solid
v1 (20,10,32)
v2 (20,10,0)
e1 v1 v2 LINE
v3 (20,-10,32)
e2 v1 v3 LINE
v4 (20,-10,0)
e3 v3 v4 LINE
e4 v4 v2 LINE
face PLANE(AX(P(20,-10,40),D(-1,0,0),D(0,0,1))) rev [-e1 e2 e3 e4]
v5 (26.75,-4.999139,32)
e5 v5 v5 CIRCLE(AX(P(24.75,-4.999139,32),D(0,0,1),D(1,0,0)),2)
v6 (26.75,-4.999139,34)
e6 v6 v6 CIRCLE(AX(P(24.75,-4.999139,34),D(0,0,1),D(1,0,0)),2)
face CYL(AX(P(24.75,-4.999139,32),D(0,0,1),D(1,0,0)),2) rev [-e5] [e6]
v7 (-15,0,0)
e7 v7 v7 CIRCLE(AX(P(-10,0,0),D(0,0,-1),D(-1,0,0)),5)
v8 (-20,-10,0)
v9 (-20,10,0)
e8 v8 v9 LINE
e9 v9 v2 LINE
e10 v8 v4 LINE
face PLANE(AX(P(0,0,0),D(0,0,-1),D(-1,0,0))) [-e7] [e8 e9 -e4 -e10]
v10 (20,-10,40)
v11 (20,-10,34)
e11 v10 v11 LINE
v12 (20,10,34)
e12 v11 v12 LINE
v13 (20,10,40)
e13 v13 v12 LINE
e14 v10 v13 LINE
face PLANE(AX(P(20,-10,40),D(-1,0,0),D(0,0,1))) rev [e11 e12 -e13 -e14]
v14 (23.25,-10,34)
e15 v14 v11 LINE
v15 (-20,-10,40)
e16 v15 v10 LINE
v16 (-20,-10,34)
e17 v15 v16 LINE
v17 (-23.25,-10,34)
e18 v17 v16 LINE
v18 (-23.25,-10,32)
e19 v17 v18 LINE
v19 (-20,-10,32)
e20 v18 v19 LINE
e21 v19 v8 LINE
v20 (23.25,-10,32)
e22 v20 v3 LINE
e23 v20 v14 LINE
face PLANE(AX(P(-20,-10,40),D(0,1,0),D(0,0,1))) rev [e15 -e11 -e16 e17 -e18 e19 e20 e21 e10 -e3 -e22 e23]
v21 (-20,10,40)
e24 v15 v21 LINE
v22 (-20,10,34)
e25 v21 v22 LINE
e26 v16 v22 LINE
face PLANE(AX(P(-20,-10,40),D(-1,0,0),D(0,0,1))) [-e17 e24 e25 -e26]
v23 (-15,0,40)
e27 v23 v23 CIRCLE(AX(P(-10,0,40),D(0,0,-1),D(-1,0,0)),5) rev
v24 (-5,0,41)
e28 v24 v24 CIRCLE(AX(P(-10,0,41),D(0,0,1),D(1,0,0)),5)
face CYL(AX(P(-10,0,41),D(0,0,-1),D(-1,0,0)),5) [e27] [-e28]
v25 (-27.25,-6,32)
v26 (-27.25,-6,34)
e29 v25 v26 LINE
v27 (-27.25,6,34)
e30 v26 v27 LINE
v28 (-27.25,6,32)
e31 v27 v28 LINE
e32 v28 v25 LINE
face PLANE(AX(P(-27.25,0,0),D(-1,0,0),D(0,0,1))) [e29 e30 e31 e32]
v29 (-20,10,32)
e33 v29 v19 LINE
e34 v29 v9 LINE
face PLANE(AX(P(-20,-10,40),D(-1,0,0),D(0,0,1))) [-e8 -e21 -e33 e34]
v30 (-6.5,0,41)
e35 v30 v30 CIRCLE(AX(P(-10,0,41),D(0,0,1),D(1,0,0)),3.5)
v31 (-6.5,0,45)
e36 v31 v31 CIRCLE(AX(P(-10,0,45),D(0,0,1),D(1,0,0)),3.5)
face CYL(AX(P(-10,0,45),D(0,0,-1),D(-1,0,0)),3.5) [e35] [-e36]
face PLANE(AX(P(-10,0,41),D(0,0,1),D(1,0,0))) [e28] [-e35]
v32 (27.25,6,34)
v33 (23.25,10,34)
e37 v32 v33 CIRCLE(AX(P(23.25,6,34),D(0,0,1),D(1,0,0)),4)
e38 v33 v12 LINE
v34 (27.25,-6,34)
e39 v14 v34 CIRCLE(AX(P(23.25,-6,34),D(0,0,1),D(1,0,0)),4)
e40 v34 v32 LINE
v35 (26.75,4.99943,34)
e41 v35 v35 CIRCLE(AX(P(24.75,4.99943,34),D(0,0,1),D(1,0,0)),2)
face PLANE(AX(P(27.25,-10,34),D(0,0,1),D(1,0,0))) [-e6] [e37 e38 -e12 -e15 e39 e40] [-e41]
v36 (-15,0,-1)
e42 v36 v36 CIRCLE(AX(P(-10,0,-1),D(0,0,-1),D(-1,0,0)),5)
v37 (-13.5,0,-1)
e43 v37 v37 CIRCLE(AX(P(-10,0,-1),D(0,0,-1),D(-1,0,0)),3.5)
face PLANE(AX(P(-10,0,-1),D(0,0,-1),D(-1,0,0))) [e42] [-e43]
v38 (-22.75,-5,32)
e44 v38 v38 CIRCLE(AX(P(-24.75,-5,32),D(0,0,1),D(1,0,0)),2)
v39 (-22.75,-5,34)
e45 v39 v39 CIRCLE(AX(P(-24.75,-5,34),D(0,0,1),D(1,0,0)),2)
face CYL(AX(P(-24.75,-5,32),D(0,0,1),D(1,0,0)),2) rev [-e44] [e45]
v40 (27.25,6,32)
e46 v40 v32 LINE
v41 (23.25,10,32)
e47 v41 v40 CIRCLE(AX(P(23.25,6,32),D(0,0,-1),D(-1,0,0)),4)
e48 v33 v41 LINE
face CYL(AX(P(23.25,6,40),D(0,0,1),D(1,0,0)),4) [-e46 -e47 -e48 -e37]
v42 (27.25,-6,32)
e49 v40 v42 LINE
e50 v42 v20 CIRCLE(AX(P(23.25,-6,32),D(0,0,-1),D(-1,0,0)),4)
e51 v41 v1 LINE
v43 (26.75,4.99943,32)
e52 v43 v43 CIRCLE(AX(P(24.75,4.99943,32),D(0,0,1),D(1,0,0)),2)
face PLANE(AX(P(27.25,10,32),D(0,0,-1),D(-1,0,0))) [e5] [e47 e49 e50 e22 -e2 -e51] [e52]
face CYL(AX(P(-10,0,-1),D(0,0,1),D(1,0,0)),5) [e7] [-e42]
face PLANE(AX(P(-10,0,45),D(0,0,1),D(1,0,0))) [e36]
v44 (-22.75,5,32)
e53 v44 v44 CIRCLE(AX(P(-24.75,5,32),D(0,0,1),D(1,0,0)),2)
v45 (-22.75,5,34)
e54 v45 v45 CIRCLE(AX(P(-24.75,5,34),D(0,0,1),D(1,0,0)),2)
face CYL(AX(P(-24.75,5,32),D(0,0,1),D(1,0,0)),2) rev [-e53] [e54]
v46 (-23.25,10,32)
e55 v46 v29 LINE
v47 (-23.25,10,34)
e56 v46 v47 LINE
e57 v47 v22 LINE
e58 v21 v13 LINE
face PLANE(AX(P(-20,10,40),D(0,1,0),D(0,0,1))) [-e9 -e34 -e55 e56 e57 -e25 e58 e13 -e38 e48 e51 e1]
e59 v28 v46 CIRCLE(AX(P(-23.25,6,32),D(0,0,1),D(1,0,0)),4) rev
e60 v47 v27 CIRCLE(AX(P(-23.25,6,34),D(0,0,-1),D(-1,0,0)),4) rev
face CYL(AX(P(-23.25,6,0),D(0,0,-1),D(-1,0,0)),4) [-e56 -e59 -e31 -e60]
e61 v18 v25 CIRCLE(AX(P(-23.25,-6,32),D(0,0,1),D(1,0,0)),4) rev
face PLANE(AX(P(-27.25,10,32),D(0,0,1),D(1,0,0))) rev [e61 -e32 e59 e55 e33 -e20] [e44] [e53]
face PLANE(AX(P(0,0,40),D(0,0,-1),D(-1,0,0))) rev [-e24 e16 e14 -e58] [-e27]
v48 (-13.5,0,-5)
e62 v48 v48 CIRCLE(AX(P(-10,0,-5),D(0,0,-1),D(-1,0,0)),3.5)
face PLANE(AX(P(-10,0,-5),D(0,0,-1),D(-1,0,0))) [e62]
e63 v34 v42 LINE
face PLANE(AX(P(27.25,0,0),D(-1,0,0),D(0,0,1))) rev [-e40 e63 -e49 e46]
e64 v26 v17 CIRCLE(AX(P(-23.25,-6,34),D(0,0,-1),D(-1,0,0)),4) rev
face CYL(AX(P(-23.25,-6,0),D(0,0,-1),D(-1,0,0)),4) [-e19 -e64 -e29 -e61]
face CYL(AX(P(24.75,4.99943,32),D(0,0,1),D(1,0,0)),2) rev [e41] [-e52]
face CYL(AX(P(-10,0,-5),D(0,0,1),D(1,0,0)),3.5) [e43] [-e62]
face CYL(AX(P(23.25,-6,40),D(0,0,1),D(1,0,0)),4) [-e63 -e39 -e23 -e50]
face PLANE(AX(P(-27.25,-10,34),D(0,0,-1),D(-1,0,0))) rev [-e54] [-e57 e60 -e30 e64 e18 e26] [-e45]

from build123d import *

# Parameters (mm, degrees)
SKETCH1_W           = 40
SKETCH1_H           = 20
BOSS_EXTRUDE2_DEPTH = 40
SKETCH2_W           = 2
SKETCH2_H           = 20
BOSS_EXTRUDE3_DEPTH = 7.25
SKETCH3_R           = 2
CUT_EXTRUDE1_DEPTH  = 2
FILLET3_R           = 4
SKETCH4_W           = 2
SKETCH4_H           = 20
BOSS_EXTRUDE4_DEPTH = 7.25
SKETCH5_R           = 2
CUT_EXTRUDE2_DEPTH  = 2
FILLET4_R           = 4
SKETCH6_R           = 5
BOSS_EXTRUDE5_DEPTH = 1
SKETCH7_R           = 3.5
BOSS_EXTRUDE7_DEPTH = 4
SKETCH9_R           = 5
BOSS_EXTRUDE8_DEPTH = 1
SKETCH10_R          = 3.5
BOSS_EXTRUDE9_DEPTH = 4


with BuildPart() as part:
    # Sketch1 → Boss-Extrude2 (new body)
    with BuildSketch(Plane.XY):
        Rectangle(SKETCH1_W, SKETCH1_H)
    extrude(amount=BOSS_EXTRUDE2_DEPTH)

    # Sketch2 → Boss-Extrude3 (add)
    with BuildSketch(Plane(origin=(20, 0, 0), x_dir=(0, 0, -1), z_dir=(1, 0, 0))):
        with Locations((-33, 0)):
            Rectangle(SKETCH2_W, SKETCH2_H)
    extrude(amount=BOSS_EXTRUDE3_DEPTH)

    # Sketch3 → Cut-Extrude1 (cut)
    with BuildSketch(Plane.XY.offset(34)):
        with Locations((24.75, -4.99913934)):
            Circle(SKETCH3_R)
        with Locations((24.75, 4.999429987)):
            Circle(SKETCH3_R)
    extrude(amount=-CUT_EXTRUDE1_DEPTH, mode=Mode.SUBTRACT)

    # Fillet3
    fillet3_edges = [part.edges().sort_by_distance(p)[0] for p in [
        (27.25, -10, 33),
        (27.25, 10, 33),
    ]]
    fillet(fillet3_edges, radius=FILLET3_R)

    # Sketch4 → Boss-Extrude4 (add)
    with BuildSketch(Plane.ZY.offset(20)):
        with Locations((33, 0)):
            Rectangle(SKETCH4_W, SKETCH4_H)
    extrude(amount=BOSS_EXTRUDE4_DEPTH)

    # Sketch5 → Cut-Extrude2 (cut)
    with BuildSketch(Plane.XY.offset(34)):
        with Locations((-24.75, 5)):
            Circle(SKETCH5_R)
        with Locations((-24.75, -5)):
            Circle(SKETCH5_R)
    extrude(amount=-CUT_EXTRUDE2_DEPTH, mode=Mode.SUBTRACT)

    # Fillet4
    fillet4_edges = [part.edges().sort_by_distance(p)[0] for p in [
        (-27.25, -10, 33),
        (-27.25, 10, 33),
    ]]
    fillet(fillet4_edges, radius=FILLET4_R)

    # Sketch6 → Boss-Extrude5 (add)
    with BuildSketch(Plane.XY.offset(40)):
        with Locations((-10, 0)):
            Circle(SKETCH6_R)
    extrude(amount=BOSS_EXTRUDE5_DEPTH)

    # Sketch7 → Boss-Extrude7 (add)
    with BuildSketch(Plane.XY.offset(41)):
        with Locations((-10, 0)):
            Circle(SKETCH7_R)
    extrude(amount=BOSS_EXTRUDE7_DEPTH)

    # Sketch9 → Boss-Extrude8 (add)
    with BuildSketch(Plane(origin=(0, 0, 0), x_dir=(-1, 0, 0), z_dir=(0, 0, -1))):
        with Locations((10, 0)):
            Circle(SKETCH9_R)
    extrude(amount=BOSS_EXTRUDE8_DEPTH)

    # Sketch10 → Boss-Extrude9 (add)
    with BuildSketch(Plane(origin=(0, 0, -1), x_dir=(-1, 0, 0), z_dir=(0, 0, -1))):
        with Locations((10, 0)):
            Circle(SKETCH10_R)
    extrude(amount=BOSS_EXTRUDE9_DEPTH)


solid = part.part
